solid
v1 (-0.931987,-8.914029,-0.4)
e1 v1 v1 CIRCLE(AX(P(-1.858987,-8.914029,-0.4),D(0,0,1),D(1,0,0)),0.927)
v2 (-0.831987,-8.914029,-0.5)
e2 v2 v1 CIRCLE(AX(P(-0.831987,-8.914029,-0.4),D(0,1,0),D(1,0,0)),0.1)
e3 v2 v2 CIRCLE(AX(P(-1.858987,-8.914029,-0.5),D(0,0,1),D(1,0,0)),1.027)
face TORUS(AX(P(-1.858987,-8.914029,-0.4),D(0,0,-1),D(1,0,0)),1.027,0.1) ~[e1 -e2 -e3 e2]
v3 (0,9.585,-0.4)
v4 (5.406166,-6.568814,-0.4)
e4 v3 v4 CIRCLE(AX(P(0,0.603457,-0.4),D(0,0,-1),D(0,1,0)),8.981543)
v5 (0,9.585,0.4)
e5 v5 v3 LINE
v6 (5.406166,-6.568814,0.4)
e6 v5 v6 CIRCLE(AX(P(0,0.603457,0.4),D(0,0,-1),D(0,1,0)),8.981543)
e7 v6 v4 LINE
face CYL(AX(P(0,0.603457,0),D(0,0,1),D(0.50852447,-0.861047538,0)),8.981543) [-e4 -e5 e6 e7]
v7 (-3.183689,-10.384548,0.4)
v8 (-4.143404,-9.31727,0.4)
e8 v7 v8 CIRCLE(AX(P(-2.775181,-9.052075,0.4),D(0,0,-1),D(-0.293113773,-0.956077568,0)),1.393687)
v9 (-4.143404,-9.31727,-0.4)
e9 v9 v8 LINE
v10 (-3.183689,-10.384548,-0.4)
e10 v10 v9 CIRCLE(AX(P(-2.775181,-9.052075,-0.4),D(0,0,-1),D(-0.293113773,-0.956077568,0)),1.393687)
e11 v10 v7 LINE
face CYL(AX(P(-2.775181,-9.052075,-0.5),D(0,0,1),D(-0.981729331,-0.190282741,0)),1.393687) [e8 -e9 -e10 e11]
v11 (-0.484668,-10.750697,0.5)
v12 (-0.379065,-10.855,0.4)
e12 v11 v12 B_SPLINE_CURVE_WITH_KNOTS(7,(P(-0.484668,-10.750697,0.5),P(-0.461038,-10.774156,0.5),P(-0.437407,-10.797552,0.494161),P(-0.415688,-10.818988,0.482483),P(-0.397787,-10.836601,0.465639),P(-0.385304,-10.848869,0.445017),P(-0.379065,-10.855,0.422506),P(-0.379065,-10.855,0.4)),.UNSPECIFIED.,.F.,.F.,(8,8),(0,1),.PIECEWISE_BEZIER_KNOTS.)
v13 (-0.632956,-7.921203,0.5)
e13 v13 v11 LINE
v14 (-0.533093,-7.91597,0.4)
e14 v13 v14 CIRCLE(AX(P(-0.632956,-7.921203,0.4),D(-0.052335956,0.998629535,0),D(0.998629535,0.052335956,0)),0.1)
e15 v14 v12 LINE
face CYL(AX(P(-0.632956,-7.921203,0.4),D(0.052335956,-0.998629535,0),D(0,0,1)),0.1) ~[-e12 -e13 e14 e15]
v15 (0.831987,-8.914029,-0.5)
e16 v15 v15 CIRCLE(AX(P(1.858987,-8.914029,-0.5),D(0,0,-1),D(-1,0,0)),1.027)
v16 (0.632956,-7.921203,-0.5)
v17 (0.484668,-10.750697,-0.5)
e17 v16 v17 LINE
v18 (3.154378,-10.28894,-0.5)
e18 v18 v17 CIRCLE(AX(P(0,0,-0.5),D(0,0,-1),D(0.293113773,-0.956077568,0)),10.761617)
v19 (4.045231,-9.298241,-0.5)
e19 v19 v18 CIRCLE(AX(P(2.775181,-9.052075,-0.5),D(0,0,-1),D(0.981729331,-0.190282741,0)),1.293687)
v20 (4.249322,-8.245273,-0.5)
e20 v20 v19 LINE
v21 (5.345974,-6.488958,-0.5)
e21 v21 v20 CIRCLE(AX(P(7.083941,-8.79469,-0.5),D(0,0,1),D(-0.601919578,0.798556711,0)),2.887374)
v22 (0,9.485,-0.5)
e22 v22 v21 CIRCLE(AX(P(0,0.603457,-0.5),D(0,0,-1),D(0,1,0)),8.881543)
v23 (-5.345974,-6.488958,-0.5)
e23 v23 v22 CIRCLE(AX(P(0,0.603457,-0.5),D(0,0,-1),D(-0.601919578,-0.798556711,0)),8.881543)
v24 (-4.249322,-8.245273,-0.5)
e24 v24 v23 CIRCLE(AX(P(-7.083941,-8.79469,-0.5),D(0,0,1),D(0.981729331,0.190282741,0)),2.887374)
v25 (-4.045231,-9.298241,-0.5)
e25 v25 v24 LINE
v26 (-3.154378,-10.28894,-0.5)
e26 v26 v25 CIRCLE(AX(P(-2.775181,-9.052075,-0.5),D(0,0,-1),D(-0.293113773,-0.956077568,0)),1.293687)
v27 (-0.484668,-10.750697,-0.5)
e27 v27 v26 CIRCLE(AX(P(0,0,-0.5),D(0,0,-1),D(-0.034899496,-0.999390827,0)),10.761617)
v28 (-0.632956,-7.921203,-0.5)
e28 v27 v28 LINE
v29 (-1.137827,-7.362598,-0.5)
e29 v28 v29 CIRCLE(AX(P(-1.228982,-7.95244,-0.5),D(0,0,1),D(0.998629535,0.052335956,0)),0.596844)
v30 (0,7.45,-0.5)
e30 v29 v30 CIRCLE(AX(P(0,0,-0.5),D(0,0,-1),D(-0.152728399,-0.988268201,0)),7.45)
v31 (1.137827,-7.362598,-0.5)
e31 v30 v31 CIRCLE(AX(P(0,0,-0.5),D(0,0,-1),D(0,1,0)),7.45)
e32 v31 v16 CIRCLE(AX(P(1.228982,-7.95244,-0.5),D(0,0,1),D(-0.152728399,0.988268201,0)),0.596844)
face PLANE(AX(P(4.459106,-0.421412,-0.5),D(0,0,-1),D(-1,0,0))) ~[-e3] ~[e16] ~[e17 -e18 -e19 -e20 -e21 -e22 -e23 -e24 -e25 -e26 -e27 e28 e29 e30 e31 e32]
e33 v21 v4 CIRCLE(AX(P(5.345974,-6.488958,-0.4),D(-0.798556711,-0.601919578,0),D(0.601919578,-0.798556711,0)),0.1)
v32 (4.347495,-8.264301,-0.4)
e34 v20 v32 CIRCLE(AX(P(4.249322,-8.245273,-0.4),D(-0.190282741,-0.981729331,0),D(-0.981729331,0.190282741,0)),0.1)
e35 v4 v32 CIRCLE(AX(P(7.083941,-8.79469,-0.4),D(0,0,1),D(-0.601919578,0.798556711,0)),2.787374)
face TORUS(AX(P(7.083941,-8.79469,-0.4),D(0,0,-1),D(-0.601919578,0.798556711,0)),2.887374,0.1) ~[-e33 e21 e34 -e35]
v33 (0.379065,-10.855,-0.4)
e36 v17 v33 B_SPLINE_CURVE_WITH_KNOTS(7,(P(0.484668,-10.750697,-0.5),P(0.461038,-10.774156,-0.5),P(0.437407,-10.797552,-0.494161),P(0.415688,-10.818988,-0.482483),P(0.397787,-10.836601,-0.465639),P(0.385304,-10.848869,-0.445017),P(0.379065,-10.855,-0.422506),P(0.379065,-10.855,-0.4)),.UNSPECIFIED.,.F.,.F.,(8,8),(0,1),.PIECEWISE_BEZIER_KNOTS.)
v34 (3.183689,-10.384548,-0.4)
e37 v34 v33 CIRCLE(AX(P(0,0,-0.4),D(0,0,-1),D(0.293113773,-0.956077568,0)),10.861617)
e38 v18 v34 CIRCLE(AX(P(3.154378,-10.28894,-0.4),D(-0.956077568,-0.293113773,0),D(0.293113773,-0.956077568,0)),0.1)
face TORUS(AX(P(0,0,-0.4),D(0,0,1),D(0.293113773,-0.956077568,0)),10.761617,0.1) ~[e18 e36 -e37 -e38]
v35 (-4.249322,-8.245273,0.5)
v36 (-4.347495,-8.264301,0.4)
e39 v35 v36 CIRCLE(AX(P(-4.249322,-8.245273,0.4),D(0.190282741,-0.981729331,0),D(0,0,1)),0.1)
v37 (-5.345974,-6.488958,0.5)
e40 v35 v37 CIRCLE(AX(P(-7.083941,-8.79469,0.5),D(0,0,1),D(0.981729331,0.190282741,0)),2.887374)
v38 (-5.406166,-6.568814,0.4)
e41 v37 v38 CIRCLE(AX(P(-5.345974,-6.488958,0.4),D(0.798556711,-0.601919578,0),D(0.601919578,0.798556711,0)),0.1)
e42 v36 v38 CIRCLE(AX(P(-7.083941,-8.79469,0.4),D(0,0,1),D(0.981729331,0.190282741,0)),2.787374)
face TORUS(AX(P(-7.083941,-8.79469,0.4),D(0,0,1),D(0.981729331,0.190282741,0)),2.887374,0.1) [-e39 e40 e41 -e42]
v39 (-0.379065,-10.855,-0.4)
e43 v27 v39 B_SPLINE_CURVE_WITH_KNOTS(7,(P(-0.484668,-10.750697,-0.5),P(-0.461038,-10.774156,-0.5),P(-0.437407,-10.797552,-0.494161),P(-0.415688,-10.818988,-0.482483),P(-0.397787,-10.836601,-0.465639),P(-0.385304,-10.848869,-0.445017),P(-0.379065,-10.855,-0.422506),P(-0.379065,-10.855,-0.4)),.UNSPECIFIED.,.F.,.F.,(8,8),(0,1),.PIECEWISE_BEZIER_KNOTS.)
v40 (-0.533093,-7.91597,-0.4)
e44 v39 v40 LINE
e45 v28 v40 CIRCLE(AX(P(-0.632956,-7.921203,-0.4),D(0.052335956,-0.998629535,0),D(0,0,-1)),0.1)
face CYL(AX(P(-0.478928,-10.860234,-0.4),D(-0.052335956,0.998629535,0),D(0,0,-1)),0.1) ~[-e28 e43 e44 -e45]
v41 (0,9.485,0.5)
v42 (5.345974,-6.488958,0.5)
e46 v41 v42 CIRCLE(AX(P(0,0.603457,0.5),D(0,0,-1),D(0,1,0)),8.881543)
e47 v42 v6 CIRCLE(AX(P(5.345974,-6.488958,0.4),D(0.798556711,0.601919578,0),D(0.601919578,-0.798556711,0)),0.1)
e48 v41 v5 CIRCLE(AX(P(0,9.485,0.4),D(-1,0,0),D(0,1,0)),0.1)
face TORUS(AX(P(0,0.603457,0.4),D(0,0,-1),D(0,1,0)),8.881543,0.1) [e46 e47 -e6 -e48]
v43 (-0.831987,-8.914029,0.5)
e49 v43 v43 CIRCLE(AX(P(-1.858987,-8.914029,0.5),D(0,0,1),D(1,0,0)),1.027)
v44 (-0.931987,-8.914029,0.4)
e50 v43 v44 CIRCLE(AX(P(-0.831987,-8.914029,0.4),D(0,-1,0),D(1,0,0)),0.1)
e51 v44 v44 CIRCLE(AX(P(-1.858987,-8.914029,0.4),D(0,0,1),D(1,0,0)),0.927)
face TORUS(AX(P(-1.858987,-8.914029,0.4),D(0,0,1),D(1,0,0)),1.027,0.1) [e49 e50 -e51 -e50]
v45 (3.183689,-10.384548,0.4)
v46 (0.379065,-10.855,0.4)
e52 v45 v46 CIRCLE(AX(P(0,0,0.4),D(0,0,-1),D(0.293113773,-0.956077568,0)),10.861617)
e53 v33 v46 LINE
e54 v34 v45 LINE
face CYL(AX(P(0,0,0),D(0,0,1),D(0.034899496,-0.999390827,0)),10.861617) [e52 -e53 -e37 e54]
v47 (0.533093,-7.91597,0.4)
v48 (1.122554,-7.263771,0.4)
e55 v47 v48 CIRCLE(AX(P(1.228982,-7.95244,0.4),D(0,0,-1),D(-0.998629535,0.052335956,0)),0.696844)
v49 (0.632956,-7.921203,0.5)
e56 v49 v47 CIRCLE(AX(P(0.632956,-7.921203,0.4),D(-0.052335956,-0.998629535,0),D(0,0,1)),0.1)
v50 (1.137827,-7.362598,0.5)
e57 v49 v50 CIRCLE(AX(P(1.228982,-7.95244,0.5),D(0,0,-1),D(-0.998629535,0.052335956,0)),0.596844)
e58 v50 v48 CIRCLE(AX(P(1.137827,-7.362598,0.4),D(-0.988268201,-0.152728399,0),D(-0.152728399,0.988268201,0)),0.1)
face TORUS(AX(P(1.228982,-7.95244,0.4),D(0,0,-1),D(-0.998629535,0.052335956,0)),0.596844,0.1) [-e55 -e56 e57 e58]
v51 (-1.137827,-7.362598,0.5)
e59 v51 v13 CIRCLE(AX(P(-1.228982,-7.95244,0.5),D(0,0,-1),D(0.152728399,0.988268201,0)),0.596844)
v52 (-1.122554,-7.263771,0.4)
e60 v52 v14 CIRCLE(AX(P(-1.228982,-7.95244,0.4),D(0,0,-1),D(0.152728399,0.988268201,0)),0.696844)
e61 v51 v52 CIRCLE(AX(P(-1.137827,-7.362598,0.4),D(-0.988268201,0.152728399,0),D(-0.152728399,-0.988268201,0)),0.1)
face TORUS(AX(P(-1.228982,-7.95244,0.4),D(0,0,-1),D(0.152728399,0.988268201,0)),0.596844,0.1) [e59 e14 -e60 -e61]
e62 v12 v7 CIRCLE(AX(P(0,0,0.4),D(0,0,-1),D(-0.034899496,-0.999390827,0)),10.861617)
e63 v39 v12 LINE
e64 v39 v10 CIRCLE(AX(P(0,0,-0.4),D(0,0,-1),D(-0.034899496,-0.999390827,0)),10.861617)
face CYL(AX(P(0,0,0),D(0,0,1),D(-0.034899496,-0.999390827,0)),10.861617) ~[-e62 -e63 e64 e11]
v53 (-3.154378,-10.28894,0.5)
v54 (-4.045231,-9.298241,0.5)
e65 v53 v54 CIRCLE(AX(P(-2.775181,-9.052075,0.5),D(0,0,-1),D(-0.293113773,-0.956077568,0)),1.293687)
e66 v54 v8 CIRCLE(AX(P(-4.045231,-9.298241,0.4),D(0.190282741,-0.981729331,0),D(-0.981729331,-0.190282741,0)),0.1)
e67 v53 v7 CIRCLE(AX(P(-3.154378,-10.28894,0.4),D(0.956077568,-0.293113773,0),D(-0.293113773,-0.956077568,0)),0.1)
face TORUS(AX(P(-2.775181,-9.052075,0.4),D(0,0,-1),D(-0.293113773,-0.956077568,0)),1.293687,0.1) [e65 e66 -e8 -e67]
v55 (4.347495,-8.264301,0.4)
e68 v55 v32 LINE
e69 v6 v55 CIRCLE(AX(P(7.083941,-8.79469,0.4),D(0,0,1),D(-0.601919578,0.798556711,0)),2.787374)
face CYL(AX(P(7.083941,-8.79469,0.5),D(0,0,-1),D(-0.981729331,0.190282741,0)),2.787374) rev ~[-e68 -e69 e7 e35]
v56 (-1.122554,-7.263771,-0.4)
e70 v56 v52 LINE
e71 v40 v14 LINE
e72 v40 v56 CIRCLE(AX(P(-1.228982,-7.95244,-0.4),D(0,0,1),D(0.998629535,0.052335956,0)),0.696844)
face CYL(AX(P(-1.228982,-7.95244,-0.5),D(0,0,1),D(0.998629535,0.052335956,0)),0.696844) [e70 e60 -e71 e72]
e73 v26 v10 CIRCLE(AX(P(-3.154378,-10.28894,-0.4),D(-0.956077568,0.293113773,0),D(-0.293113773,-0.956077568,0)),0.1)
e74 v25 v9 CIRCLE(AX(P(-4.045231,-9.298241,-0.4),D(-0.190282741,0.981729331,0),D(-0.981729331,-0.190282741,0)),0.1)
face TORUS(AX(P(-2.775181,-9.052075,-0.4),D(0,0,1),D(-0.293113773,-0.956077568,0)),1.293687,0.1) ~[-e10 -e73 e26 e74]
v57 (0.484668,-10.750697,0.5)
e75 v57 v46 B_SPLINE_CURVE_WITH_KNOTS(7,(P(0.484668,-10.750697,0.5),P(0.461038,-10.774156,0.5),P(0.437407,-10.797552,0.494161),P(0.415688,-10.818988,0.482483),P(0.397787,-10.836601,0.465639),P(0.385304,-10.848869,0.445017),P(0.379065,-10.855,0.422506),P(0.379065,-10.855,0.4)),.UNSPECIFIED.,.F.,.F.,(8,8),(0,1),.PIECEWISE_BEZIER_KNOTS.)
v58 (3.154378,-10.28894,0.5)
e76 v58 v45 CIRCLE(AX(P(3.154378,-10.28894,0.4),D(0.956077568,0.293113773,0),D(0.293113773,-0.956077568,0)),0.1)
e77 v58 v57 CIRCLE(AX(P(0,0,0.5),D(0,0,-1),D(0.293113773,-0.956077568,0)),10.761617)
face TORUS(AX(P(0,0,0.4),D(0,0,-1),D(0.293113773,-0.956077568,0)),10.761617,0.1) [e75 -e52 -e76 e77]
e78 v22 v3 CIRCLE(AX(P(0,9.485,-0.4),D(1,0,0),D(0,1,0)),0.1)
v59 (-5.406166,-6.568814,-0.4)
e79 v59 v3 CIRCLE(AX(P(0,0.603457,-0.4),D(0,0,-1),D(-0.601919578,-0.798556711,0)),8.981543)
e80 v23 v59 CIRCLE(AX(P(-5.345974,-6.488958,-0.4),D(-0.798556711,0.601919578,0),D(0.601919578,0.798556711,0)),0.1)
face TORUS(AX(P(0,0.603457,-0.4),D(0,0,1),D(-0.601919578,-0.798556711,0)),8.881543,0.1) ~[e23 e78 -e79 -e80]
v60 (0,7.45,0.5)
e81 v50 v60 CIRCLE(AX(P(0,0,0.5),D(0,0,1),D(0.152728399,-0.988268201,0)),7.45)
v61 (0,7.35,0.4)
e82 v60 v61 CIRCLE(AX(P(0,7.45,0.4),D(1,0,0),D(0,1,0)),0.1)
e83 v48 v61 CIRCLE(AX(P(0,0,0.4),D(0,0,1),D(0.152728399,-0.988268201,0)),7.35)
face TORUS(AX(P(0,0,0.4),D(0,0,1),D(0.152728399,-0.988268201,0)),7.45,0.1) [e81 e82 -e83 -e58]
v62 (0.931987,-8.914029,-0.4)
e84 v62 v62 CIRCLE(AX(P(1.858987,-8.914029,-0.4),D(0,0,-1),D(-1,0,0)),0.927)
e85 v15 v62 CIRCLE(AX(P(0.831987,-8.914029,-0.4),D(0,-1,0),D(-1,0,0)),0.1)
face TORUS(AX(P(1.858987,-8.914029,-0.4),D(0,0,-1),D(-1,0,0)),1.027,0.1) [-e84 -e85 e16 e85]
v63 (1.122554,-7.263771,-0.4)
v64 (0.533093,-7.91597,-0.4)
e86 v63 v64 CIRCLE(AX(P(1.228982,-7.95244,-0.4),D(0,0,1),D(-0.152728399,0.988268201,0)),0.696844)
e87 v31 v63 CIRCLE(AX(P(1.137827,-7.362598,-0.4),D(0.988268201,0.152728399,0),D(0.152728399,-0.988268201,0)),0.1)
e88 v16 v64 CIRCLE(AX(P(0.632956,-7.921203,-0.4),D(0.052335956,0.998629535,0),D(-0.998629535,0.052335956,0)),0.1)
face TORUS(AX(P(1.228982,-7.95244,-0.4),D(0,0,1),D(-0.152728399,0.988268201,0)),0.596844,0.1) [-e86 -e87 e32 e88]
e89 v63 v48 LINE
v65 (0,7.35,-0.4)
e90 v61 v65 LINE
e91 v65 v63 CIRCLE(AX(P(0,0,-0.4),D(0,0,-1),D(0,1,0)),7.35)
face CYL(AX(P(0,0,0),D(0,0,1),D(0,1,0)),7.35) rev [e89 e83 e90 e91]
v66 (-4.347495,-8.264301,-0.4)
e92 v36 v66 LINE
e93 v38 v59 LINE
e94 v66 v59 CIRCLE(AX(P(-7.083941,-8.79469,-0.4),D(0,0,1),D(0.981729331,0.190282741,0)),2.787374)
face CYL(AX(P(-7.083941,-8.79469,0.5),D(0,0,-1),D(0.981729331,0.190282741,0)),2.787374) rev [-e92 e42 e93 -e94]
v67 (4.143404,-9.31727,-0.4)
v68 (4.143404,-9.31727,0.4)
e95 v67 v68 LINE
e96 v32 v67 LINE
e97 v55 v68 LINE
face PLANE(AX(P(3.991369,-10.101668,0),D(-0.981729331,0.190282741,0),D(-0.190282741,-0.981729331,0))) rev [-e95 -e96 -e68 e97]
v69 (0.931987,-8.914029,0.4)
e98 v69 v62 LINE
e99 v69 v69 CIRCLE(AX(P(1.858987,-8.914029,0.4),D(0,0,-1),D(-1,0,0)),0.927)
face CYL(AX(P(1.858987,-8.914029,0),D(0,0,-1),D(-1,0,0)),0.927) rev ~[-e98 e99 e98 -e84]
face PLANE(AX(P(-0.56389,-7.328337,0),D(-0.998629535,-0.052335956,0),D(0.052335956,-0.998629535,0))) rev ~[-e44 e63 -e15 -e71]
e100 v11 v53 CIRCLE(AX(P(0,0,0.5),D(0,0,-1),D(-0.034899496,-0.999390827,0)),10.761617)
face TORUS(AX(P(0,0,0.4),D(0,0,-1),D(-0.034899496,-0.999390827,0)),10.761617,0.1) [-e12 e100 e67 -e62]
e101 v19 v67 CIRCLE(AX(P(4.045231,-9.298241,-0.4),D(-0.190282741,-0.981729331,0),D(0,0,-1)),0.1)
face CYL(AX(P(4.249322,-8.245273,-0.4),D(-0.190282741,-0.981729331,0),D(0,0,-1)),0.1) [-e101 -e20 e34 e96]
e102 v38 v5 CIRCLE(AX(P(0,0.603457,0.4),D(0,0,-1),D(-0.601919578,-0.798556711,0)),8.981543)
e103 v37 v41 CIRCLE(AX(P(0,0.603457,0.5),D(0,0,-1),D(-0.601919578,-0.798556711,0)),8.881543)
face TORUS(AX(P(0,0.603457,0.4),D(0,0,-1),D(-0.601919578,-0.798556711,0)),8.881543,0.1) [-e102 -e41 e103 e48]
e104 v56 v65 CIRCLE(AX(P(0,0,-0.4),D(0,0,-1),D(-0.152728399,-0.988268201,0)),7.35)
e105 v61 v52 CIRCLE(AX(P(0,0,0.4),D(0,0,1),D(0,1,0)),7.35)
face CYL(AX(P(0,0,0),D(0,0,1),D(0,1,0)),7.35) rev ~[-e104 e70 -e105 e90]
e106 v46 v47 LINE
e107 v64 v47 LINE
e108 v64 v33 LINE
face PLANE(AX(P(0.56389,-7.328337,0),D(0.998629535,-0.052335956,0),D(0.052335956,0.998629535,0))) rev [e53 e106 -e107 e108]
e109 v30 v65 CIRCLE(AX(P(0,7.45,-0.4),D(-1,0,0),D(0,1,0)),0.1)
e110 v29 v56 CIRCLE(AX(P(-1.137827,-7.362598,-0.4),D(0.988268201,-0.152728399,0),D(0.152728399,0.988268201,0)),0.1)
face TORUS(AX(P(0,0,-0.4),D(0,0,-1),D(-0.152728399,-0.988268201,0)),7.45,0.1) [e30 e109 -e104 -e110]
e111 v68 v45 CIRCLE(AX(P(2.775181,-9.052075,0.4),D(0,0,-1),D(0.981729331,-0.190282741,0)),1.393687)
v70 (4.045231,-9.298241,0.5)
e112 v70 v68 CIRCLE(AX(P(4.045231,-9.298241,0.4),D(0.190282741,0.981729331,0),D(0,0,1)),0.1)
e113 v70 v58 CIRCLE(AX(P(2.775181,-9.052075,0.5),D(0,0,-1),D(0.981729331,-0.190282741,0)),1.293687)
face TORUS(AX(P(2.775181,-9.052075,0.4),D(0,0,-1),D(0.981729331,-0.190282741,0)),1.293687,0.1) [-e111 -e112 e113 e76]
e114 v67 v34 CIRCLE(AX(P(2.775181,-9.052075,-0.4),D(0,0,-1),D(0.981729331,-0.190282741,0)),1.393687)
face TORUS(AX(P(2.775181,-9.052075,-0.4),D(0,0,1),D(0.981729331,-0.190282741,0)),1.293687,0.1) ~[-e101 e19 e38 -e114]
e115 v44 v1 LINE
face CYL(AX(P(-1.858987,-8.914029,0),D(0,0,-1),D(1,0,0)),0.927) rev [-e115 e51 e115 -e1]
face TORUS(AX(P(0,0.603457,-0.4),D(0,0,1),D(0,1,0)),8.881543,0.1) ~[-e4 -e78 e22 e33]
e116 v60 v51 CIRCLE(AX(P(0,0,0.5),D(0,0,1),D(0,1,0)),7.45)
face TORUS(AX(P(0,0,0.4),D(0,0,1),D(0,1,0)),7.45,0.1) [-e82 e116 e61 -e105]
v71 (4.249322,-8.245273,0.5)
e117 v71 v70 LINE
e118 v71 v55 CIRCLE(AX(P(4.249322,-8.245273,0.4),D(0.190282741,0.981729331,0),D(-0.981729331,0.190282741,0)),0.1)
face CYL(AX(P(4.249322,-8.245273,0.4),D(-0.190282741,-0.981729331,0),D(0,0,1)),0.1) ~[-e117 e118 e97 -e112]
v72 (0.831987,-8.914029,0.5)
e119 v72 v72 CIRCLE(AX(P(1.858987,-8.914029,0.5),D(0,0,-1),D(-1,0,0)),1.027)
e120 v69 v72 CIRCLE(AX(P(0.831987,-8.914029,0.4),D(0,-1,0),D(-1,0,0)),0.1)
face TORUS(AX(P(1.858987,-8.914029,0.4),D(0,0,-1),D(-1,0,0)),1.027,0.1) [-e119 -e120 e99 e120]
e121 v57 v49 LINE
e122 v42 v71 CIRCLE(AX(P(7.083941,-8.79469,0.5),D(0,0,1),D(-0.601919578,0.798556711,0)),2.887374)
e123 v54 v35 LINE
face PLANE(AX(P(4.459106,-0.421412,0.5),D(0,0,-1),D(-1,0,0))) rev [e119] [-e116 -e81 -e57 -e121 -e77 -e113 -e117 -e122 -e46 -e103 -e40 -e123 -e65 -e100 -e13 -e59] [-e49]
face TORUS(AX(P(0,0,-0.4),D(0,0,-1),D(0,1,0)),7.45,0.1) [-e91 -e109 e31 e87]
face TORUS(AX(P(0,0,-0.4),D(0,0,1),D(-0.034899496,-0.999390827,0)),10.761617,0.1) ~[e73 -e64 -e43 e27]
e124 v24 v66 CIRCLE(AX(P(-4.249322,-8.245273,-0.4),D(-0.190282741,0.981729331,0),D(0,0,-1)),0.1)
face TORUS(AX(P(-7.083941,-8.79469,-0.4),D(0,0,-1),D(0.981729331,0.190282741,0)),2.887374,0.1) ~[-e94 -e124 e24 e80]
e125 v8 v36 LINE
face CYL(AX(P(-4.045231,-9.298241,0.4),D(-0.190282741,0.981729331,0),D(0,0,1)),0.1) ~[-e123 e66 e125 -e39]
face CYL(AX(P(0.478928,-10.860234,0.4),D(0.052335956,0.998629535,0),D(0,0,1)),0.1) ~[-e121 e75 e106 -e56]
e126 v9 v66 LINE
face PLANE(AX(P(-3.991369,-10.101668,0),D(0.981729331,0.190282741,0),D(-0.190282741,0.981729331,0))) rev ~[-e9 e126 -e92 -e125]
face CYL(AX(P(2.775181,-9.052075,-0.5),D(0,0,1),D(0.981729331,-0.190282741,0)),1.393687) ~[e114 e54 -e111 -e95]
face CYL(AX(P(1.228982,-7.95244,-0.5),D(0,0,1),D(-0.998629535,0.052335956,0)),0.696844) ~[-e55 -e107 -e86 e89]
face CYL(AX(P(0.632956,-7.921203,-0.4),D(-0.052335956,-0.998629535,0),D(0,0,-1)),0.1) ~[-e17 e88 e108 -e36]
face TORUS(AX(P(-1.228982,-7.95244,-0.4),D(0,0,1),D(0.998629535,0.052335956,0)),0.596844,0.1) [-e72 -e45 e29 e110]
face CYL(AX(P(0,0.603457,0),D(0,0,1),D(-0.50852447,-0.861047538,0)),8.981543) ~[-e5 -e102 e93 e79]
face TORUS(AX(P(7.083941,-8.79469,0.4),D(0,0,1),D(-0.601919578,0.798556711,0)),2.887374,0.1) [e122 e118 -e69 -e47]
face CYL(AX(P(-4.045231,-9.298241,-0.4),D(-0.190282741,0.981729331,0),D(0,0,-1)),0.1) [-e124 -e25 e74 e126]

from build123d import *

# Parameters (mm, degrees)
SKETCH2_R           = 0.927
BOSS_EXTRUDE1_DEPTH = 0.5
FILLET1_R           = 2.787374056
FILLET2_R           = 1.393687028
FILLET3_R           = 0.696843514
FILLET4_R           = 0.1


with BuildPart() as part:
    # Sketch2 → Boss-Extrude1 (new, symmetric)
    with BuildSketch(Plane.XY):
        with BuildLine():
            Line((-3.9913688, -10.101667701), (-4.567334288, -7.130078103))
            ThreePointArc((-4.567334288, -7.130078103), (-8.663924897, 2.97084317), (0, 9.585))
            Line((0, 9.585), (0, 7.35))
            ThreePointArc((0, 7.35), (-7.344582346, 0.282152728), (-0.56388951, -7.328337371))
            Line((-0.56388951, -7.328337371), (-0.379064953, -10.855))
            ThreePointArc((-0.379064953, -10.855), (-2.217442262, -10.632857803), (-3.9913688, -10.101667701))
        make_face()
        with Locations((-1.858987009, -8.91402895)):
            Circle(SKETCH2_R, mode=Mode.SUBTRACT)
    extrude(amount=BOSS_EXTRUDE1_DEPTH, both=True)

    # Fillet1
    fillet1_edges = [part.edges().sort_by_distance(p)[0] for p in [
        (-4.567334288, -7.130078103, 0),
    ]]
    fillet(fillet1_edges, radius=FILLET1_R)

    # Fillet2
    fillet2_edges = [part.edges().sort_by_distance(p)[0] for p in [
        (-3.9913688, -10.101667701, 0),
    ]]
    fillet(fillet2_edges, radius=FILLET2_R)

    # Fillet3
    fillet3_edges = [part.edges().sort_by_distance(p)[0] for p in [
        (-0.56388951, -7.328337371, 0),
    ]]
    fillet(fillet3_edges, radius=FILLET3_R)

    # Mirror1: part across plane


with BuildPart() as part_1:
    add(part.part)
    add(part.part.mirror(Plane(origin=(0, 9.585, 0.5), x_dir=(0, 0, 1), z_dir=(-1, 0, 0))))

    # Fillet4
    fillet4_edges = [part_1.edges().sort_by_distance(p)[0] for p in [
        (-0.456078981, -9.385484794, 0.5),
        (-2.785987009, -8.91402895, -0.5),
        (-2.785987009, -8.91402895, 0.5),
        (-4.245449296, -8.790785411, -0.5),
        (-4.245449296, -8.790785411, 0.5),
        (-4.719621728, -7.318395535, -0.5),
        (-4.719621728, -7.318395535, 0.5),
        (-1.796840548, -10.711959638, -0.5),
        (-1.796840548, -10.711959638, 0.5),
        (-3.811503464, -9.983954028, -0.5),
        (-3.811503464, -9.983954028, 0.5),
        (7.328411112, 0.56293034, -0.5),
        (0, 7.35, 0.5),
        (-0.712001326, -7.485189778, -0.5),
        (-0.712001326, -7.485189778, 0.5),
        (8.517222912, 3.453900117, 0.5),
        (2.785987009, -8.91402895, 0.5),
        (4.245449296, -8.790785411, -0.5),
        (1.796840548, -10.711959638, -0.5),
        (0.456078981, -9.385484794, -0.5),
        (4.245449296, -8.790785411, 0.5),
        (1.796840548, -10.711959638, 0.5),
        (0.456078981, -9.385484794, 0.5),
        (2.785987009, -8.91402895, -0.5),
        (4.719621728, -7.318395535, 0.5),
        (4.719621728, -7.318395535, -0.5),
        (3.811503464, -9.983954028, 0.5),
        (3.811503464, -9.983954028, -0.5),
        (0.712001326, -7.485189778, 0.5),
        (0.712001326, -7.485189778, -0.5),
        (-0.456078981, -9.385484794, -0.5),
        (8.517222912, 3.453900117, -0.5),
    ]]
    fillet(fillet4_edges, radius=FILLET4_R)


solid = part_1.part
